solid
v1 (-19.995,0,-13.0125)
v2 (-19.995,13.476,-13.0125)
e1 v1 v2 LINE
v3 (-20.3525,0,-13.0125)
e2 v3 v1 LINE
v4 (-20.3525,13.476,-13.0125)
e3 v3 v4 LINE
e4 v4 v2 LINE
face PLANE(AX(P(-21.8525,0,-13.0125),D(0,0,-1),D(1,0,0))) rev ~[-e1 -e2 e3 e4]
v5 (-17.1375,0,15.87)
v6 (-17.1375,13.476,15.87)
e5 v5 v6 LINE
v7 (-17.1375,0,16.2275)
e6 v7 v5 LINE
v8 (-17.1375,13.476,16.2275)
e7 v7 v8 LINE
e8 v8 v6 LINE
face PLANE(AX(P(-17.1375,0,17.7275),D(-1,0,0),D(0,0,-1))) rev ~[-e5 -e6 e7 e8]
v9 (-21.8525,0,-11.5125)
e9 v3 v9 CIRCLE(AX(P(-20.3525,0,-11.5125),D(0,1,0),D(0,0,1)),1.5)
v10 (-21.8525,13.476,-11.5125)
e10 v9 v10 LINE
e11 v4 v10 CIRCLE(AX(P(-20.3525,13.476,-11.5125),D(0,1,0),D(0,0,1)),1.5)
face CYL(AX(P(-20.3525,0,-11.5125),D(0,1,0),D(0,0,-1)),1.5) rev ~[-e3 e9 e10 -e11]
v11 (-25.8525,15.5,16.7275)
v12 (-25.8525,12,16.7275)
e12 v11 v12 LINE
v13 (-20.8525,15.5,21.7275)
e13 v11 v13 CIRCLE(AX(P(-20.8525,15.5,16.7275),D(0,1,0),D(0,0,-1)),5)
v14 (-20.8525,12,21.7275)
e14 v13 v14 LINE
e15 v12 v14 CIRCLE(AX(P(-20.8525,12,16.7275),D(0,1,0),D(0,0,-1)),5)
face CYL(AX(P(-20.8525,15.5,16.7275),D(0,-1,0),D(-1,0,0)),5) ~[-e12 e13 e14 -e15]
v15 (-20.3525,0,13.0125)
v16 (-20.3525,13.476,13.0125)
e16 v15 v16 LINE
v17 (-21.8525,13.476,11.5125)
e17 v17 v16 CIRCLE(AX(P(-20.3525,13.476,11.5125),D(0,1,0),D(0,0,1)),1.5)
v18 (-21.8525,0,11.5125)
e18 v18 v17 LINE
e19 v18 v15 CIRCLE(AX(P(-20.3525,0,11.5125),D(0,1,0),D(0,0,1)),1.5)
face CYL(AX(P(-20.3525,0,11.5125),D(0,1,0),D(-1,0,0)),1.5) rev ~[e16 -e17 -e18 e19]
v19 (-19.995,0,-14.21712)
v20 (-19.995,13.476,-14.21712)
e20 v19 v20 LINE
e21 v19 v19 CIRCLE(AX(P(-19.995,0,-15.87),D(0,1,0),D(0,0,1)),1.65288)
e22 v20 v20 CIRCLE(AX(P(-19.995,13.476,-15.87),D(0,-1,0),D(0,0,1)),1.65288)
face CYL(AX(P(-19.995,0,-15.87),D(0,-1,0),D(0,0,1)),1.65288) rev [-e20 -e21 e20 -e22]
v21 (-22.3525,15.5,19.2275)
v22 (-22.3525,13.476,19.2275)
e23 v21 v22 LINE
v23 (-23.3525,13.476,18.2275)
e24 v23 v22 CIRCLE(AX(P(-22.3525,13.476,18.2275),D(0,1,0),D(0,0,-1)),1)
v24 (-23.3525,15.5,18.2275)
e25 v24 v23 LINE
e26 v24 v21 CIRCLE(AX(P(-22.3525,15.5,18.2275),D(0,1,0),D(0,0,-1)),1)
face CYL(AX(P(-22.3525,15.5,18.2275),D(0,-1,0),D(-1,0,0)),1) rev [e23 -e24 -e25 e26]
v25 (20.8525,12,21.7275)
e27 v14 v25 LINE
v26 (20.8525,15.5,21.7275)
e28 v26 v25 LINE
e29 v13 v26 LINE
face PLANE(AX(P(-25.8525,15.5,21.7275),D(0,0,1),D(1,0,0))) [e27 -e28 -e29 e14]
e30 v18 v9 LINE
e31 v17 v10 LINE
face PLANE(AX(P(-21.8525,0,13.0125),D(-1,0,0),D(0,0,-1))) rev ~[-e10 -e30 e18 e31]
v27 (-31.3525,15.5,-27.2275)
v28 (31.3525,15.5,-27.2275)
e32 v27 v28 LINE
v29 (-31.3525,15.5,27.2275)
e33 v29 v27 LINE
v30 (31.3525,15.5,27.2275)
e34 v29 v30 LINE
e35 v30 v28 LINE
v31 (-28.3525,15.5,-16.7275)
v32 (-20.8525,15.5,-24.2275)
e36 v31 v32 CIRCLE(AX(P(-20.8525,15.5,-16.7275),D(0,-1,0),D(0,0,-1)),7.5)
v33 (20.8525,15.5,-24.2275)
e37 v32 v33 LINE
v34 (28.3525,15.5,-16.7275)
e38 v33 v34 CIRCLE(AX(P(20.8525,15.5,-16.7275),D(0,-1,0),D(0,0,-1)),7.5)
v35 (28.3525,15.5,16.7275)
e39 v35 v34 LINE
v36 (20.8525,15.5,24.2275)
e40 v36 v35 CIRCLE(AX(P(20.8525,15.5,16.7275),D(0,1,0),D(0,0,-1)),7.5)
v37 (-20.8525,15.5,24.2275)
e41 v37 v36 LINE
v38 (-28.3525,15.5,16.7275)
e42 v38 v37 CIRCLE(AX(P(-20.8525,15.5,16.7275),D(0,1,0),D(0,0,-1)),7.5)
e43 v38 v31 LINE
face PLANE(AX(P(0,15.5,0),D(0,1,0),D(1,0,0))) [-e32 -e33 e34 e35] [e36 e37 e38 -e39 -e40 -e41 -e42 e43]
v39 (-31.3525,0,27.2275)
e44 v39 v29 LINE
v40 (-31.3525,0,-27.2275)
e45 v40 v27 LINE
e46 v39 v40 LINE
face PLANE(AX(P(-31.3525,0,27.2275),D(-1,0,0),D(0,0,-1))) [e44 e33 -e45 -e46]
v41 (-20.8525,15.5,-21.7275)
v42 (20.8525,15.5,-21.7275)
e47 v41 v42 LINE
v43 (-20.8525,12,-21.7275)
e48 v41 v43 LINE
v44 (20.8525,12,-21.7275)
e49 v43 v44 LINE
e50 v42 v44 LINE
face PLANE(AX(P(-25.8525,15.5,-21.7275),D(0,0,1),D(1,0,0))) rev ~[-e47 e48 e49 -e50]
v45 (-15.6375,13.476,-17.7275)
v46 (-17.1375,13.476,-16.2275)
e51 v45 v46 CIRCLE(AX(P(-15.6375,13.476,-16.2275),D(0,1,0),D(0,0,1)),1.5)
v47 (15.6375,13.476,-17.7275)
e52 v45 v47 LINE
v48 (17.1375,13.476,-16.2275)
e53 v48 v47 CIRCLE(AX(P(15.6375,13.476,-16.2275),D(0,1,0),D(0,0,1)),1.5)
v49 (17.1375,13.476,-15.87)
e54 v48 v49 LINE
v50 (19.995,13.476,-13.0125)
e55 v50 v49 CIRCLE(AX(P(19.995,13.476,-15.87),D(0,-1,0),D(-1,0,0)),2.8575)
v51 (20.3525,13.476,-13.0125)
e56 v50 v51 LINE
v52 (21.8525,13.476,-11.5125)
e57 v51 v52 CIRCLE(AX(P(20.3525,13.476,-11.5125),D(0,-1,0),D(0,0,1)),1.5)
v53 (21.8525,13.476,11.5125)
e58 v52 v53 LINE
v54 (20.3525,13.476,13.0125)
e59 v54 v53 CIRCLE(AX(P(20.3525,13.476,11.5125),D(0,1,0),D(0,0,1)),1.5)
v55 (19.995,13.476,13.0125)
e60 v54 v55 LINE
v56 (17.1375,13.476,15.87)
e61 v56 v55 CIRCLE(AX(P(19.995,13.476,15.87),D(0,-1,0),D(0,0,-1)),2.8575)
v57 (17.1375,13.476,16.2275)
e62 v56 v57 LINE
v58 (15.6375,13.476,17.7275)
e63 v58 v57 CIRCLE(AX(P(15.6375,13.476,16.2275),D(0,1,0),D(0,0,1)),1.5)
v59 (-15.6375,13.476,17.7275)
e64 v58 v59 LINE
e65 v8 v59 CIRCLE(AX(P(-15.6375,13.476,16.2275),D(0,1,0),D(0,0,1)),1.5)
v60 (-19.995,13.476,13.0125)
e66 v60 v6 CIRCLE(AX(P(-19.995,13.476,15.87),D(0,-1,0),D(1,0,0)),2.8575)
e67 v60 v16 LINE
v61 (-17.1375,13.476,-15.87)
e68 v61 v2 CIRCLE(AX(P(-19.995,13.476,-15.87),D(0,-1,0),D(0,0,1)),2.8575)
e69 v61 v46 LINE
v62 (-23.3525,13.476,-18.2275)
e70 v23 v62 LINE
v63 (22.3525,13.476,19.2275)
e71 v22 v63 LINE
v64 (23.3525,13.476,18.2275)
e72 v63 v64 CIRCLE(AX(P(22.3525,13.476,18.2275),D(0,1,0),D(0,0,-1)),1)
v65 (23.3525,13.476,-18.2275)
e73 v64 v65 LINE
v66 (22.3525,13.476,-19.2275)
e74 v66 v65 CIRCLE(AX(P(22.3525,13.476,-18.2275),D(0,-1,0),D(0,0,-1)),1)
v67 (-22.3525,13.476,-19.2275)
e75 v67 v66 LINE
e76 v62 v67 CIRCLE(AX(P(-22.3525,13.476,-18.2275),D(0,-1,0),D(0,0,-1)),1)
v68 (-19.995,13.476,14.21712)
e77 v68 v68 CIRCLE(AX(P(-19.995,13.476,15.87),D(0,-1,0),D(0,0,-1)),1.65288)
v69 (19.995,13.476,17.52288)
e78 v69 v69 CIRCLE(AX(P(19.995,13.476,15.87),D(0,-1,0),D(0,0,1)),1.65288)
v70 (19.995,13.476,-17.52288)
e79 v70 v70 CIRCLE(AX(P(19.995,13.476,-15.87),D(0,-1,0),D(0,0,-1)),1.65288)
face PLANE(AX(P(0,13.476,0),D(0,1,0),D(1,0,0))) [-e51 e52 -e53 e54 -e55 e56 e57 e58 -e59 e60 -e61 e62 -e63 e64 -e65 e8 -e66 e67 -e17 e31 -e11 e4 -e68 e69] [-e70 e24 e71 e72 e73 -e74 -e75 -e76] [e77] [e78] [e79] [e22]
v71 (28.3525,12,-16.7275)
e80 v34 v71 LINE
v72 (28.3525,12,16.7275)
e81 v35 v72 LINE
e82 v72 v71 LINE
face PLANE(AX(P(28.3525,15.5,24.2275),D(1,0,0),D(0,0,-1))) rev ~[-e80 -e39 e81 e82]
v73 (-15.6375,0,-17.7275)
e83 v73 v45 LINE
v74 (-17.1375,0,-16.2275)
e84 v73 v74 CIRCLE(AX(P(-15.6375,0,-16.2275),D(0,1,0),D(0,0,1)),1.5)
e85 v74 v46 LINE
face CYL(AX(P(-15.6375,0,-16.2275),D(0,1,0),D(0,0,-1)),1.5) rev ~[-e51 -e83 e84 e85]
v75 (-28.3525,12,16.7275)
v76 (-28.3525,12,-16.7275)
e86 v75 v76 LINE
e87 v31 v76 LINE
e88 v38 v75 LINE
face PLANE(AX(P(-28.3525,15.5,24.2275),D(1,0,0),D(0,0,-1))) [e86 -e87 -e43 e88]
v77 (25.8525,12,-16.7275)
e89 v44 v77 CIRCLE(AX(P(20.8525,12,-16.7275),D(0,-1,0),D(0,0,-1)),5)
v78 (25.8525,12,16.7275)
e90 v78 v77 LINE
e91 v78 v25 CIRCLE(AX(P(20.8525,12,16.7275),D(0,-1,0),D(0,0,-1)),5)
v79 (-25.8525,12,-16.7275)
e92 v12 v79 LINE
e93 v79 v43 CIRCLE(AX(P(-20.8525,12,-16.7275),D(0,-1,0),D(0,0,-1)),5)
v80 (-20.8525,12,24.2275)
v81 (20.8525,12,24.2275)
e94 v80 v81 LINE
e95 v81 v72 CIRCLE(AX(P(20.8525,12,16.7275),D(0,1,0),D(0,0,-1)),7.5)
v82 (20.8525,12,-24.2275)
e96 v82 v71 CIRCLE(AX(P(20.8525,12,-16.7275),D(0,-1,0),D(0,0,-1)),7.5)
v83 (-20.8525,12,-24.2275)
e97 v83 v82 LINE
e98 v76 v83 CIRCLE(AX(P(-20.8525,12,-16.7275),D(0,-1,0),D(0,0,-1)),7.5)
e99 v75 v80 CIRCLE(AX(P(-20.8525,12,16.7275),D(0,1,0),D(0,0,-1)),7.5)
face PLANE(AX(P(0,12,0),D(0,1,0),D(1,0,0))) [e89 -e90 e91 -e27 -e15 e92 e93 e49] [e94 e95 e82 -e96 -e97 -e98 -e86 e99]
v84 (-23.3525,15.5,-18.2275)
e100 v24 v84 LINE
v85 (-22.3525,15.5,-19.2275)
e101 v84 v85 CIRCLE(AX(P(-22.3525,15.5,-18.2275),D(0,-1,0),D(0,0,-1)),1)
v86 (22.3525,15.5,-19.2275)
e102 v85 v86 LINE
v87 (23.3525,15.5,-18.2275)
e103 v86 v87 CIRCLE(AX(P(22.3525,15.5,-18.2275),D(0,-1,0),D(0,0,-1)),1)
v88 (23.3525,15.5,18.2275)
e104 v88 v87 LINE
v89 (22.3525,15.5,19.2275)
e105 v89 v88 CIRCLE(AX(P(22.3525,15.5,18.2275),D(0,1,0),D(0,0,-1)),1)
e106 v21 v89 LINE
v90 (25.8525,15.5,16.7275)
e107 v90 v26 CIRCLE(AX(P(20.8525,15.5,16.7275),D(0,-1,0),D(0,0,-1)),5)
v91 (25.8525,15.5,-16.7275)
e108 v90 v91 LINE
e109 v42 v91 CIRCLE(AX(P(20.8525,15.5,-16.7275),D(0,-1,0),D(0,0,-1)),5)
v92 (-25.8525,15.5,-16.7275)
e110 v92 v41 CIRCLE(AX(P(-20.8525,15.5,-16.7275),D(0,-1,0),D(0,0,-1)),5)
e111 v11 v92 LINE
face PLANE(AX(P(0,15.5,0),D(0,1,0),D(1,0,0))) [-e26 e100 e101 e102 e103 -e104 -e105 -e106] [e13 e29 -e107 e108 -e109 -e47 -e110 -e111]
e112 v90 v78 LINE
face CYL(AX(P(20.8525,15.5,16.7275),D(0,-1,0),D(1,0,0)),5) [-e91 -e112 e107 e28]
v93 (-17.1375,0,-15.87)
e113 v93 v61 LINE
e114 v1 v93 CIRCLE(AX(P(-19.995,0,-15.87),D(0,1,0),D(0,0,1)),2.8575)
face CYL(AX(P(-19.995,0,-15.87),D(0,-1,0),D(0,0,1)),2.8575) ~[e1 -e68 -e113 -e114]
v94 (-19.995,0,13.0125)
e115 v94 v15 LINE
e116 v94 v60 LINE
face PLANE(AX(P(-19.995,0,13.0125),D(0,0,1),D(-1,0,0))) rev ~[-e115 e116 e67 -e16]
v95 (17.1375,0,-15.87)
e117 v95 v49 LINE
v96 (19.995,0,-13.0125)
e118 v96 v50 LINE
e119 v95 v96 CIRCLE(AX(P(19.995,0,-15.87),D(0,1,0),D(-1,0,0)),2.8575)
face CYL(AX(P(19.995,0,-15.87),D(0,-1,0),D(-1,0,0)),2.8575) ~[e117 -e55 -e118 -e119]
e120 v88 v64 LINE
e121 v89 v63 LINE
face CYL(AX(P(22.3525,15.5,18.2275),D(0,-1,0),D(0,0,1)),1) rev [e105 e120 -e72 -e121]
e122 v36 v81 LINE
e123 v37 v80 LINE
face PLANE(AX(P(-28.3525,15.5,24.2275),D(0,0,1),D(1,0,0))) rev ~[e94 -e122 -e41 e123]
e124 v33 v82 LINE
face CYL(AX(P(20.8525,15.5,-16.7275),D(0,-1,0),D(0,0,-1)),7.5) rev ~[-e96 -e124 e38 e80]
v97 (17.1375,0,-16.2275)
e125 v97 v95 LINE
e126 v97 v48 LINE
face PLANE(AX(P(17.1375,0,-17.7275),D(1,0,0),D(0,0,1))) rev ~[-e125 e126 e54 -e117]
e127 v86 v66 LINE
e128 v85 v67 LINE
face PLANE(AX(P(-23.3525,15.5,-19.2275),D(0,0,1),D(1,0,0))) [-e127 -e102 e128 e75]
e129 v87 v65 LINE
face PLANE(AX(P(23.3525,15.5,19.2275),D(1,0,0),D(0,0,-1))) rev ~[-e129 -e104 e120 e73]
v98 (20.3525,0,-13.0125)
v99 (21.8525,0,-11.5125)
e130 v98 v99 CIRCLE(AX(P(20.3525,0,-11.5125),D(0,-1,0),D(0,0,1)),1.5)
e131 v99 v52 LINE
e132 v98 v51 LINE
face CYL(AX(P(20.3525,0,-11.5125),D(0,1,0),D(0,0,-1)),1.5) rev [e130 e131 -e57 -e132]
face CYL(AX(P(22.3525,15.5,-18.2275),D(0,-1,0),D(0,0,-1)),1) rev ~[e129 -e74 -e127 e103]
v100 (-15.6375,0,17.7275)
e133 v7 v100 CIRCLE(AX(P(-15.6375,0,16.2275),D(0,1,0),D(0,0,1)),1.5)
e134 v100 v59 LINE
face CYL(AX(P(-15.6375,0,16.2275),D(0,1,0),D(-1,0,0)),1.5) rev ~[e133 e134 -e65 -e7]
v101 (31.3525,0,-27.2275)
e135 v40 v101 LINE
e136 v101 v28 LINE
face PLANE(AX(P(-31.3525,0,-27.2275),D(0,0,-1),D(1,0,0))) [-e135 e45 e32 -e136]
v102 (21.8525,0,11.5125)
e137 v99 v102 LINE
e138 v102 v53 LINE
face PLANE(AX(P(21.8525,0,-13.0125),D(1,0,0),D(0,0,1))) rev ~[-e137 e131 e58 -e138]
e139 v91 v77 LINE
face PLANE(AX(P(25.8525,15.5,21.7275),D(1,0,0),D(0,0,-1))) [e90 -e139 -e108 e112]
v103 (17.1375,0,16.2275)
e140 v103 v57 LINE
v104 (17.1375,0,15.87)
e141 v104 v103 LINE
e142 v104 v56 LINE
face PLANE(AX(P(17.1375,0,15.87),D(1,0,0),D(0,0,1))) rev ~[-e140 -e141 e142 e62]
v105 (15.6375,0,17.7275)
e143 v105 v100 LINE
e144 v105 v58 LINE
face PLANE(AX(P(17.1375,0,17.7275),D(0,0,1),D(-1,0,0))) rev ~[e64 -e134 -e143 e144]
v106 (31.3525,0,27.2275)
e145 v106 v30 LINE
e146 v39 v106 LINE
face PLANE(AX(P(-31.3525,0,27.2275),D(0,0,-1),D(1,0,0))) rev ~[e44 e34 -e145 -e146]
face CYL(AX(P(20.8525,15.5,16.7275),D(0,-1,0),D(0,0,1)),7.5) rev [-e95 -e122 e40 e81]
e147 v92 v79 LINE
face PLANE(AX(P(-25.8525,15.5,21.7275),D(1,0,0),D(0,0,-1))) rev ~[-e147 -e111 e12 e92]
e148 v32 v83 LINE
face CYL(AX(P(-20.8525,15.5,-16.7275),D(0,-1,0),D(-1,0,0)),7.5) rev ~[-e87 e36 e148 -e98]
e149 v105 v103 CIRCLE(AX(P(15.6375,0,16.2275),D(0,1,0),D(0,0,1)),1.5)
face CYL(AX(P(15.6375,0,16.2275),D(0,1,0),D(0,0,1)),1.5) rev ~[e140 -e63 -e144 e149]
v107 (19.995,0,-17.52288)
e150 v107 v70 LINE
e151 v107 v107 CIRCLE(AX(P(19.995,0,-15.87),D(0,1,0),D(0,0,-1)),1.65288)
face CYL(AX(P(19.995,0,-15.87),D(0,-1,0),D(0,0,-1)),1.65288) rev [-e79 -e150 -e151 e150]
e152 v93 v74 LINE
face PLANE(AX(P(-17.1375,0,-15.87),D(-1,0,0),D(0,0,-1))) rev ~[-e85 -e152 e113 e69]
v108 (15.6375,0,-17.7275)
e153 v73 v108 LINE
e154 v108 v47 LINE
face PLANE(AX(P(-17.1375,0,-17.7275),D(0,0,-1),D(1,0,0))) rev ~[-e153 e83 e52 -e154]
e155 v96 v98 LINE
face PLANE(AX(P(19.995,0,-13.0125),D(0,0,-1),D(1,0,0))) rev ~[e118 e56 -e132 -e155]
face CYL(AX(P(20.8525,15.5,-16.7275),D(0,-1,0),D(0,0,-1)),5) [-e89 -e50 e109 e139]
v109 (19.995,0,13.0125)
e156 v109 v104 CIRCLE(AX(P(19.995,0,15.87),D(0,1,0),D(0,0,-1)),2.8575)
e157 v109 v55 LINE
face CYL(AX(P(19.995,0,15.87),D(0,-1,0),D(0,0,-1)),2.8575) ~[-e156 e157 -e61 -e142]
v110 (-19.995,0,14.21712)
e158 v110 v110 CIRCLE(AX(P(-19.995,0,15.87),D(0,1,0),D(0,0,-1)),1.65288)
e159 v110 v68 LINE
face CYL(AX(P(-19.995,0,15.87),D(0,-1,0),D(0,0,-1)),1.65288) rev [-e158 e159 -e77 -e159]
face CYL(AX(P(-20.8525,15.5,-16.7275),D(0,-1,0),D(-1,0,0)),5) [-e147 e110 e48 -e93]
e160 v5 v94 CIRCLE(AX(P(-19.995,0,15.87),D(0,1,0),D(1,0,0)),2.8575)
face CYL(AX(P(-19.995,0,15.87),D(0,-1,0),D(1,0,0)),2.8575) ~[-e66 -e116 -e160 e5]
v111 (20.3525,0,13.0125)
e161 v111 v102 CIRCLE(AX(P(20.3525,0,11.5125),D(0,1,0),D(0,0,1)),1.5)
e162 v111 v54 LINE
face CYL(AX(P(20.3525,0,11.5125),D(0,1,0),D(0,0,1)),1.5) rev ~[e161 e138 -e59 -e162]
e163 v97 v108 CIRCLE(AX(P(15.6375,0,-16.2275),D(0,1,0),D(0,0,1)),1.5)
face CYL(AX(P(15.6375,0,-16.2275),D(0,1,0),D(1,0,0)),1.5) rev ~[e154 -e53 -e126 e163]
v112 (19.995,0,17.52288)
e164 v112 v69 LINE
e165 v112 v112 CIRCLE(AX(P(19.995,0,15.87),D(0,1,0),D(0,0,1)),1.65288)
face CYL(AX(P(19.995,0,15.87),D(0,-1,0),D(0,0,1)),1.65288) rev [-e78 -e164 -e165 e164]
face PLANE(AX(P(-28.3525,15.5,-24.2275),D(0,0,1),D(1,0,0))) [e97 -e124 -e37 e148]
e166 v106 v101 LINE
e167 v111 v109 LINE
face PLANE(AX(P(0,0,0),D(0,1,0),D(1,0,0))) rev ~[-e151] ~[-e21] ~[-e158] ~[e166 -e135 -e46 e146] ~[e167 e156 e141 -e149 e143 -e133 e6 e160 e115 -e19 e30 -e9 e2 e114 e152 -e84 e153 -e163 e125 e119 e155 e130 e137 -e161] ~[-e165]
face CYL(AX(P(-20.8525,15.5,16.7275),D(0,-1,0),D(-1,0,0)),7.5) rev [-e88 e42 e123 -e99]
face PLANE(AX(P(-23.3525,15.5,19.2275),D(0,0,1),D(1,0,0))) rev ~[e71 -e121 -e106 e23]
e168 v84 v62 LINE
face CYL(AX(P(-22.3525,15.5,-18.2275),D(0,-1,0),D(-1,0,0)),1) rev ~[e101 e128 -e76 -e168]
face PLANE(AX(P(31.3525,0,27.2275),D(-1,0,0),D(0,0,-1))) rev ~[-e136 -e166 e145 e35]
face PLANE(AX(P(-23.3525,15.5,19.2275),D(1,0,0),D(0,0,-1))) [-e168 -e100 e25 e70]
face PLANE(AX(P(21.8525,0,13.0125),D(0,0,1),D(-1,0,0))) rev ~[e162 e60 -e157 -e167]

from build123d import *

# Parameters (mm, degrees)
SKETCH1_W           = 62.705
SKETCH1_H           = 54.455
SKETCH1_R           = 1.65288
BOSS_EXTRUDE1_DEPTH = 15.5
SKETCH2_W           = 46.705
SKETCH2_H           = 38.455
CUT_EXTRUDE1_DEPTH  = 2.024
FILLET2_R           = 1.5
SKETCH3_W           = 56.705
SKETCH3_H           = 48.455
SKETCH3_W_2         = 51.705
SKETCH3_H_2         = 43.455
CUT_EXTRUDE2_DEPTH  = 3.5
FILLET3_R           = 1
FILLET4_R           = 5
FILLET5_R           = 7.5


with BuildPart() as part:
    # Sketch1 → Boss-Extrude1 (new body)
    with BuildSketch(Plane(origin=(0, 0, 0), x_dir=(1, 0, 0), z_dir=(0, 1, 0))):
        Rectangle(SKETCH1_W, SKETCH1_H)
        with Locations(Location((-19.995, 15.87, 0), (0, 0, 270))):
            Circle(SKETCH1_R, mode=Mode.SUBTRACT)
        with Locations(Location((19.995, 15.87, 0), (0, 0, 90))):
            Circle(SKETCH1_R, mode=Mode.SUBTRACT)
        with Locations(Location((19.995, -15.87, 0), (0, 0, 270))):
            Circle(SKETCH1_R, mode=Mode.SUBTRACT)
        with Locations(Location((-19.995, -15.87, 0), (0, 0, 90))):
            Circle(SKETCH1_R, mode=Mode.SUBTRACT)
        with BuildLine():
            Line((21.8525, 13.0125), (21.8525, -13.0125))
            Line((21.8525, -13.0125), (19.995, -13.0125))
            ThreePointArc((19.995, -13.0125), (17.974442373, -13.849442373), (17.1375, -15.87))
            Line((17.1375, -15.87), (17.1375, -17.7275))
            Line((17.1375, -17.7275), (-17.1375, -17.7275))
            Line((-17.1375, -17.7275), (-17.1375, -15.87))
            ThreePointArc((-17.1375, -15.87), (-17.974442373, -13.849442373), (-19.995, -13.0125))
            Line((-19.995, -13.0125), (-21.8525, -13.0125))
            Line((-21.8525, -13.0125), (-21.8525, 13.0125))
            Line((-21.8525, 13.0125), (-19.995, 13.0125))
            ThreePointArc((-19.995, 13.0125), (-17.974442373, 13.849442373), (-17.1375, 15.87))
            Line((-17.1375, 15.87), (-17.1375, 17.7275))
            Line((-17.1375, 17.7275), (17.1375, 17.7275))
            Line((17.1375, 17.7275), (17.1375, 15.87))
            ThreePointArc((17.1375, 15.87), (17.974442373, 13.849442373), (19.995, 13.0125))
            Line((19.995, 13.0125), (21.8525, 13.0125))
        make_face(mode=Mode.SUBTRACT)
    extrude(amount=BOSS_EXTRUDE1_DEPTH)

    # Sketch2 → Cut-Extrude1 (cut)
    with BuildSketch(Plane(origin=(0, 15.5, 0), x_dir=(1, 0, 0), z_dir=(0, 1, 0))):
        Rectangle(SKETCH2_W, SKETCH2_H)
    extrude(amount=-CUT_EXTRUDE1_DEPTH, mode=Mode.SUBTRACT)

    # Fillet2
    fillet2_edges = [part.edges().sort_by_distance(p)[0] for p in [
        (21.8525, 6.738, -13.0125),
        (21.8525, 6.738, 13.0125),
        (17.1375, 6.738, 17.7275),
        (-17.1375, 6.738, 17.7275),
        (-21.8525, 6.738, 13.0125),
        (-21.8525, 6.738, -13.0125),
        (-17.1375, 6.738, -17.7275),
        (17.1375, 6.738, -17.7275),
    ]]
    fillet(fillet2_edges, radius=FILLET2_R)

    # Sketch3 → Cut-Extrude2 (cut)
    with BuildSketch(Plane(origin=(0, 15.5, 0), x_dir=(1, 0, 0), z_dir=(0, 1, 0))):
        Rectangle(SKETCH3_W, SKETCH3_H)
        Rectangle(SKETCH3_W_2, SKETCH3_H_2, mode=Mode.SUBTRACT)
    extrude(amount=-CUT_EXTRUDE2_DEPTH, mode=Mode.SUBTRACT)

    # Fillet3
    fillet3_edges = [part.edges().sort_by_distance(p)[0] for p in [
        (-23.3525, 14.488, 19.2275),
        (-23.3525, 14.488, -19.2275),
        (23.3525, 14.488, -19.2275),
        (23.3525, 14.488, 19.2275),
    ]]
    fillet(fillet3_edges, radius=FILLET3_R)

    # Fillet4
    fillet4_edges = [part.edges().sort_by_distance(p)[0] for p in [
        (-25.8525, 13.75, 21.7275),
        (-25.8525, 13.75, -21.7275),
        (25.8525, 13.75, -21.7275),
        (25.8525, 13.75, 21.7275),
    ]]
    fillet(fillet4_edges, radius=FILLET4_R)

    # Fillet5
    fillet5_edges = [part.edges().sort_by_distance(p)[0] for p in [
        (-28.3525, 13.75, 24.2275),
        (-28.3525, 13.75, -24.2275),
        (28.3525, 13.75, -24.2275),
        (28.3525, 13.75, 24.2275),
    ]]
    fillet(fillet5_edges, radius=FILLET5_R)


solid = part.part
